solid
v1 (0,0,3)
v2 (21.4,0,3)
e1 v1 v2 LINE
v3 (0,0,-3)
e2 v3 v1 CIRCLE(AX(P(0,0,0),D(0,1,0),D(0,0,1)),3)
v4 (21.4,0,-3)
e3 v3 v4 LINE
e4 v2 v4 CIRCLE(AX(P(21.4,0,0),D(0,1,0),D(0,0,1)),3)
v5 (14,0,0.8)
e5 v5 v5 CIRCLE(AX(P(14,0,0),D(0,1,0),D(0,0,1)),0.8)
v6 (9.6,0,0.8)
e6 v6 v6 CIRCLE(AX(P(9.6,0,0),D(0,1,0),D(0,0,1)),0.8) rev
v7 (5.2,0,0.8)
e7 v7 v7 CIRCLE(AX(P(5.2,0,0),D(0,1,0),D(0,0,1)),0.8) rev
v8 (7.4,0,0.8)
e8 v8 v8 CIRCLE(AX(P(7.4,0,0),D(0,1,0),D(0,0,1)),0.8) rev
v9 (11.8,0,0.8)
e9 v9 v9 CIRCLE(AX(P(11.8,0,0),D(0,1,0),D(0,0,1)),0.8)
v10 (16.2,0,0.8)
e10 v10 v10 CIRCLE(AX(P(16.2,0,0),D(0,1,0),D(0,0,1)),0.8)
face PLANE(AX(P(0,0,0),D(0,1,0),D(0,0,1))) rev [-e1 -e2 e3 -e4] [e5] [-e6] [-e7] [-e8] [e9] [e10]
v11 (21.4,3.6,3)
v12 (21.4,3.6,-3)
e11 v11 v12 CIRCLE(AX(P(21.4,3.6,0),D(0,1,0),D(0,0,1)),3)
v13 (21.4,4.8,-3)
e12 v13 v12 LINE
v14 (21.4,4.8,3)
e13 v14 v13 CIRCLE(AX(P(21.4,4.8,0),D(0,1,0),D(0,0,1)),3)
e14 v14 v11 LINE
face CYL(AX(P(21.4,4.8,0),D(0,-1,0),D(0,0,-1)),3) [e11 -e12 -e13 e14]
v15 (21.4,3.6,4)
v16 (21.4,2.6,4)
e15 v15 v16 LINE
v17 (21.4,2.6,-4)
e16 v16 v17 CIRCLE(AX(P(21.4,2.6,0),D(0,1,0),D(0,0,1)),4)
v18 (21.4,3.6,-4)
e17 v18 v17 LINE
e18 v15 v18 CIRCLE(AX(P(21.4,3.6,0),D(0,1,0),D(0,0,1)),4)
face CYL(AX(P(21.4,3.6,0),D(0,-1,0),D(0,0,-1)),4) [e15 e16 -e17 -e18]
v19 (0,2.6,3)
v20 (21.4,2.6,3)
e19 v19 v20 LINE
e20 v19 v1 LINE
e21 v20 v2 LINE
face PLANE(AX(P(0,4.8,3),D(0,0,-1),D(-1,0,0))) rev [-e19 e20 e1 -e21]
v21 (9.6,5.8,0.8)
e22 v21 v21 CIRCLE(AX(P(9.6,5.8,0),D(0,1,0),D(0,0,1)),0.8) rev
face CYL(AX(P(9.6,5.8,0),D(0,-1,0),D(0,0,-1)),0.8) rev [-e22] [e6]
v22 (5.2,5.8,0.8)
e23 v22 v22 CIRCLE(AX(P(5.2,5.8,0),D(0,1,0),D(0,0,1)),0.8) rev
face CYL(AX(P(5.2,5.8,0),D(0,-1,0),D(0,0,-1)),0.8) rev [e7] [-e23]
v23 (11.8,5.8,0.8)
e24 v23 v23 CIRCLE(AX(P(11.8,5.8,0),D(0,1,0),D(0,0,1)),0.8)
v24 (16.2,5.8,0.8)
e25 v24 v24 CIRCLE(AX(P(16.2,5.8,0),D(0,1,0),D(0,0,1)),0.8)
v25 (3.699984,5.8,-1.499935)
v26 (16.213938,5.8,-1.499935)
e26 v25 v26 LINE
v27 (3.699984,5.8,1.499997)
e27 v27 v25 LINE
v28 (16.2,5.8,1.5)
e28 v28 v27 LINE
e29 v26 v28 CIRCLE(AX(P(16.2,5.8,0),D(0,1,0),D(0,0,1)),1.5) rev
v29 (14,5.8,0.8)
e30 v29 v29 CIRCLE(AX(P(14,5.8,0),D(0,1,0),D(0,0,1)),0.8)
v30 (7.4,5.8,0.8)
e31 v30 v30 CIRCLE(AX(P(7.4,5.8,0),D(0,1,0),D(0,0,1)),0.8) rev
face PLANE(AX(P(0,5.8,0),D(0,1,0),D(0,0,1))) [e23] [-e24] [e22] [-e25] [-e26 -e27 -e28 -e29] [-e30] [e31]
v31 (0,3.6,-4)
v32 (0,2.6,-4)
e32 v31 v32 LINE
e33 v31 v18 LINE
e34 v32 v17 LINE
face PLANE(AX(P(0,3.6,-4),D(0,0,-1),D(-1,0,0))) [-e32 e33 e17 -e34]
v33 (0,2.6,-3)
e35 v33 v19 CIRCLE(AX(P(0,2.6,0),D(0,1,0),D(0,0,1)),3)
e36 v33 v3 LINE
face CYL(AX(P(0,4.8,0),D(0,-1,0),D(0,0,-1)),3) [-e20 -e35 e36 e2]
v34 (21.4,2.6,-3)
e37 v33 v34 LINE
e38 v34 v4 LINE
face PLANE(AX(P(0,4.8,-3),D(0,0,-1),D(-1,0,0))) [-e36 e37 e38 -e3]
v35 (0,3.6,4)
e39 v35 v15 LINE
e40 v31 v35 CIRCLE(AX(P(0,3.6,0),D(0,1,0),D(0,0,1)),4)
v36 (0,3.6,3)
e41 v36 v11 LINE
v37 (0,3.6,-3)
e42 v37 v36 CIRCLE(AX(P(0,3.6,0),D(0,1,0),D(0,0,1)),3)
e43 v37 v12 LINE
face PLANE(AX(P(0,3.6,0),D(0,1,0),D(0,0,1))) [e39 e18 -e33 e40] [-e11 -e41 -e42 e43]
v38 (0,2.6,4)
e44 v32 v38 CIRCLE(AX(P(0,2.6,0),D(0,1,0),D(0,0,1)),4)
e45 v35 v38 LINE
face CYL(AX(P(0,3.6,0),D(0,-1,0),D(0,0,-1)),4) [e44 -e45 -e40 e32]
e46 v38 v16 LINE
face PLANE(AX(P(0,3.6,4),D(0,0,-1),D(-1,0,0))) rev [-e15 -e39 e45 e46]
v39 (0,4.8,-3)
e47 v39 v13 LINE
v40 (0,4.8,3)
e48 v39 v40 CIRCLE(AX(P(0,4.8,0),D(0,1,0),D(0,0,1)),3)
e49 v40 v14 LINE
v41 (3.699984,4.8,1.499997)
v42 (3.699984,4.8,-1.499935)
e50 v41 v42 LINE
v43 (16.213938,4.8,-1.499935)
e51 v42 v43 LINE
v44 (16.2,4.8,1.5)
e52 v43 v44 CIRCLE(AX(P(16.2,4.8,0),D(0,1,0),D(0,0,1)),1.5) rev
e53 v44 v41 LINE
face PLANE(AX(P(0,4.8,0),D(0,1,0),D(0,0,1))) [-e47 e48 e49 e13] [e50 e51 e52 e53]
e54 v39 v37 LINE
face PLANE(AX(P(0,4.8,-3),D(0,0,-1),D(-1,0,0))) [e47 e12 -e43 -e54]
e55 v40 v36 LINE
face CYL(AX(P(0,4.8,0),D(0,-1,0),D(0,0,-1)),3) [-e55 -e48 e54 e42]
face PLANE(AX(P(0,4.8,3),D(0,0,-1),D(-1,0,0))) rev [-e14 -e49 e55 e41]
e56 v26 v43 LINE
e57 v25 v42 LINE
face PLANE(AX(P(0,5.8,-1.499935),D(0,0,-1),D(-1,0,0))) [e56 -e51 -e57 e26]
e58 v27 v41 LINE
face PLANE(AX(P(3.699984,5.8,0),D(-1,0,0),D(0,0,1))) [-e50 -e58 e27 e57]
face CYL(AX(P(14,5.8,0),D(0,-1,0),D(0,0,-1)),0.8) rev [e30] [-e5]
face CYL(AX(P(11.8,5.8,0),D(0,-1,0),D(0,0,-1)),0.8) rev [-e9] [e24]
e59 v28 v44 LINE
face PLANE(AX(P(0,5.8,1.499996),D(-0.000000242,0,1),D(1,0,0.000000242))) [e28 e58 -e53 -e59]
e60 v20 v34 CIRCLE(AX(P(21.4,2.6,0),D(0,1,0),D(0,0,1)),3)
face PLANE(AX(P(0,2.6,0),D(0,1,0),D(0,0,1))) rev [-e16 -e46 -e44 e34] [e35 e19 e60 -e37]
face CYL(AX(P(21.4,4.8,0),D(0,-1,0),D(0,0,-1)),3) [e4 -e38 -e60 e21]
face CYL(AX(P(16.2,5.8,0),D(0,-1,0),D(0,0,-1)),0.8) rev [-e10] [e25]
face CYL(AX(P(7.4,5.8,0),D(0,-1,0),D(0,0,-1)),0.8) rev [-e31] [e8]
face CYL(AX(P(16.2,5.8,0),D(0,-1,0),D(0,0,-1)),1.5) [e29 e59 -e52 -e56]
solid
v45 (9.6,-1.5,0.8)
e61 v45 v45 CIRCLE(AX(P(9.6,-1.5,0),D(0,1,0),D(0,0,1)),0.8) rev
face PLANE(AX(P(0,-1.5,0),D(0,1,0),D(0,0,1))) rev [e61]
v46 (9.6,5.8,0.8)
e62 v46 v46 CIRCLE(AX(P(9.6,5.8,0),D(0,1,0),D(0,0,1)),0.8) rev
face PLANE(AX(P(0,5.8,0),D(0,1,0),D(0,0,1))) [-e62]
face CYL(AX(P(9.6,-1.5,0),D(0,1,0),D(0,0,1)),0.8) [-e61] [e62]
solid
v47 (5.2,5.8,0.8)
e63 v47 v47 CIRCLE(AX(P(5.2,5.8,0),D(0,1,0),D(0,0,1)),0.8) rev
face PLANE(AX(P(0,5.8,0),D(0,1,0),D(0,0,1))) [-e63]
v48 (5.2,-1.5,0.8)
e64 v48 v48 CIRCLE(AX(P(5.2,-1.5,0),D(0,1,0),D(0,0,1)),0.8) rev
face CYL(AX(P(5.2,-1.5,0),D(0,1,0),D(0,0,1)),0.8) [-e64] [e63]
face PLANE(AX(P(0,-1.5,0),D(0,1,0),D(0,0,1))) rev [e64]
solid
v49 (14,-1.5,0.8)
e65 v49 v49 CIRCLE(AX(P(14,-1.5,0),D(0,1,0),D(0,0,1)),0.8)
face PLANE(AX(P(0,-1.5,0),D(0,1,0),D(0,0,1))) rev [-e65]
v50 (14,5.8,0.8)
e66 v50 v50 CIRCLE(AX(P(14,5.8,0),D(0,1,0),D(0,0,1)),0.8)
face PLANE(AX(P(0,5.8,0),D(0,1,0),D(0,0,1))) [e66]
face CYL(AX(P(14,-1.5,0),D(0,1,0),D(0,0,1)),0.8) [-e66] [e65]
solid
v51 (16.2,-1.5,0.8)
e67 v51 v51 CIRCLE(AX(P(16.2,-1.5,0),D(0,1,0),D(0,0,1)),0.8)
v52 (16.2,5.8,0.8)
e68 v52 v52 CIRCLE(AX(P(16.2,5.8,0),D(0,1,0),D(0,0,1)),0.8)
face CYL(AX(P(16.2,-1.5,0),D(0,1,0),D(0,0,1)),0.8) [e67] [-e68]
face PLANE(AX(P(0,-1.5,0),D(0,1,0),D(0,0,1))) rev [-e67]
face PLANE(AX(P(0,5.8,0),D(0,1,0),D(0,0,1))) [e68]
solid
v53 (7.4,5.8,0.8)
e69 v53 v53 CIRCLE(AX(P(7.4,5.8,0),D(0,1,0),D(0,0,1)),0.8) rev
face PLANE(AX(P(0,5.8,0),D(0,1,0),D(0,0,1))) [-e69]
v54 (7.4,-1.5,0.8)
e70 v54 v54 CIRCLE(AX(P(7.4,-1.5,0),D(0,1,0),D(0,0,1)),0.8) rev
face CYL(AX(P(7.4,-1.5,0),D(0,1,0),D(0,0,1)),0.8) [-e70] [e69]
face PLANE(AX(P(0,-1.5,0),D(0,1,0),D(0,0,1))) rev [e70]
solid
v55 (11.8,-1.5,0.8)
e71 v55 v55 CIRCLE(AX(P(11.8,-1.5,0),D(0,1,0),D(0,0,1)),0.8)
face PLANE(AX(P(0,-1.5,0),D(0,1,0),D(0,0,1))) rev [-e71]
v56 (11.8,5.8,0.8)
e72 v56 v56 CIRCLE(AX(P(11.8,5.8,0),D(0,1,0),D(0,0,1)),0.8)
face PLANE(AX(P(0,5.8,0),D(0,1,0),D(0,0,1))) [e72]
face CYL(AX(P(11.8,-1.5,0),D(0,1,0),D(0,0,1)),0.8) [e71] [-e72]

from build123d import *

# Parameters (mm, degrees)
BOSS_EXTRUDE1_DEPTH        = 4.8
SKETCH1_3_R                = 0.8
BOSS_EXTRUDE2_DEPTH        = 5.8
BOSS_EXTRUDE3_START        = 2.6
BOSS_EXTRUDE3_DEPTH        = 1
BOSS_EXTRUDE4_DEPTH        = 5.8
BOSS_EXTRUDE4_DEPTH_BACK   = 1.5
SKETCH1_5_R                = 0.8
BOSS_EXTRUDE4_2_DEPTH      = 5.8
BOSS_EXTRUDE4_2_DEPTH_BACK = 1.5
BOSS_EXTRUDE4_3_DEPTH      = 5.8
BOSS_EXTRUDE4_3_DEPTH_BACK = 1.5
BOSS_EXTRUDE4_4_DEPTH      = 5.8
BOSS_EXTRUDE4_4_DEPTH_BACK = 1.5
BOSS_EXTRUDE4_5_DEPTH      = 5.8
BOSS_EXTRUDE4_5_DEPTH_BACK = 1.5
BOSS_EXTRUDE4_6_DEPTH      = 5.8
BOSS_EXTRUDE4_6_DEPTH_BACK = 1.5


with BuildPart() as part:
    # Sketch1 → Boss-Extrude1 (new body)
    with BuildSketch(Plane(origin=(0, 0, 0), x_dir=(1, 0, 0), z_dir=(0, 1, 0))):
        with BuildLine():
            Line((21.4, 3), (0, 3))
            ThreePointArc((0, 3), (-3, 0), (0, -3))
            Line((0, -3), (21.4, -3))
            ThreePointArc((21.4, -3), (24.4, 0), (21.4, 3))
        make_face()
        with BuildLine():
            ThreePointArc((16.213938129, 1.499935241), (17.699983809, -0.006969321), (16.199999637, -1.5))
            Line((16.199999637, -1.5), (3.699983809, -1.499996975))
            Line((3.699983809, -1.499996975), (3.699983809, 1.499935241))
            Line((3.699983809, 1.499935241), (16.213938129, 1.499935241))
        make_face(mode=Mode.SUBTRACT)
    extrude(amount=BOSS_EXTRUDE1_DEPTH)

    # Sketch1<3> → Boss-Extrude2 (add)
    with BuildSketch(Plane(origin=(0, 0, 0), x_dir=(1, 0, 0), z_dir=(0, 1, 0))):
        with BuildLine():
            Line((3.699983809, -1.499996975), (16.199999637, -1.5))
            ThreePointArc((16.199999637, -1.5), (17.699983809, -0.006969321), (16.213938129, 1.499935241))
            Line((16.213938129, 1.499935241), (3.699983809, 1.499935241))
            Line((3.699983809, 1.499935241), (3.699983809, -1.499996975))
        make_face()
        with Locations((5.2, 0)):
            Circle(SKETCH1_3_R, mode=Mode.SUBTRACT)
        with Locations((7.4, 0)):
            Circle(SKETCH1_3_R, mode=Mode.SUBTRACT)
        with Locations((9.6, 0)):
            Circle(SKETCH1_3_R, mode=Mode.SUBTRACT)
        with Locations((11.8, 0)):
            Circle(SKETCH1_3_R, mode=Mode.SUBTRACT)
        with Locations((14, 0)):
            Circle(SKETCH1_3_R, mode=Mode.SUBTRACT)
        with Locations((16.2, 0)):
            Circle(SKETCH1_3_R, mode=Mode.SUBTRACT)
    extrude(amount=BOSS_EXTRUDE2_DEPTH)

    # Sketch1<4> → Boss-Extrude3 (add)
    with BuildSketch(Plane(origin=(0, 0, 0), x_dir=(1, 0, 0), z_dir=(0, 1, 0)).offset(BOSS_EXTRUDE3_START)):
        with BuildLine():
            Line((21.4, 4), (0, 4))
            ThreePointArc((0, 4), (-4, 0), (0, -4))
            Line((0, -4), (21.4, -4))
            ThreePointArc((21.4, -4), (25.4, 0), (21.4, 4))
        make_face()
        with BuildLine():
            ThreePointArc((0, -3), (-3, 0), (0, 3))
            Line((0, 3), (21.4, 3))
            ThreePointArc((21.4, 3), (24.4, 0), (21.4, -3))
            Line((21.4, -3), (0, -3))
        make_face(mode=Mode.SUBTRACT)
    extrude(amount=BOSS_EXTRUDE3_DEPTH)


with BuildPart() as body_2:
    # Sketch1<5> → Boss-Extrude4 (new, two sides: drawn at the far end of the back side and taken through both)
    with BuildSketch(Plane(origin=(0, 0, 0), x_dir=(1, 0, 0), z_dir=(0, 1, 0)).offset(-BOSS_EXTRUDE4_DEPTH_BACK)):
        with Locations((11.8, 0)):
            Circle(SKETCH1_5_R)
    extrude(amount=BOSS_EXTRUDE4_DEPTH + BOSS_EXTRUDE4_DEPTH_BACK)


with BuildPart() as body_3:
    # Sketch1<5> → Boss-Extrude4 2 (new, two sides: drawn at the far end of the back side and taken through both)
    with BuildSketch(Plane(origin=(0, 0, 0), x_dir=(1, 0, 0), z_dir=(0, 1, 0)).offset(-BOSS_EXTRUDE4_2_DEPTH_BACK)):
        with Locations((14, 0)):
            Circle(SKETCH1_5_R)
    extrude(amount=BOSS_EXTRUDE4_2_DEPTH + BOSS_EXTRUDE4_2_DEPTH_BACK)


with BuildPart() as body_4:
    # Sketch1<5> → Boss-Extrude4 3 (new, two sides: drawn at the far end of the back side and taken through both)
    with BuildSketch(Plane(origin=(0, 0, 0), x_dir=(1, 0, 0), z_dir=(0, 1, 0)).offset(-BOSS_EXTRUDE4_3_DEPTH_BACK)):
        with Locations((16.2, 0)):
            Circle(SKETCH1_5_R)
    extrude(amount=BOSS_EXTRUDE4_3_DEPTH + BOSS_EXTRUDE4_3_DEPTH_BACK)


with BuildPart() as body_5:
    # Sketch1<5> → Boss-Extrude4 4 (new, two sides: drawn at the far end of the back side and taken through both)
    with BuildSketch(Plane(origin=(0, 0, 0), x_dir=(1, 0, 0), z_dir=(0, 1, 0)).offset(-BOSS_EXTRUDE4_4_DEPTH_BACK)):
        with Locations((5.2, 0)):
            Circle(SKETCH1_5_R)
    extrude(amount=BOSS_EXTRUDE4_4_DEPTH + BOSS_EXTRUDE4_4_DEPTH_BACK)


with BuildPart() as body_6:
    # Sketch1<5> → Boss-Extrude4 5 (new, two sides: drawn at the far end of the back side and taken through both)
    with BuildSketch(Plane(origin=(0, 0, 0), x_dir=(1, 0, 0), z_dir=(0, 1, 0)).offset(-BOSS_EXTRUDE4_5_DEPTH_BACK)):
        with Locations((7.4, 0)):
            Circle(SKETCH1_5_R)
    extrude(amount=BOSS_EXTRUDE4_5_DEPTH + BOSS_EXTRUDE4_5_DEPTH_BACK)


with BuildPart() as body_7:
    # Sketch1<5> → Boss-Extrude4 6 (new, two sides: drawn at the far end of the back side and taken through both)
    with BuildSketch(Plane(origin=(0, 0, 0), x_dir=(1, 0, 0), z_dir=(0, 1, 0)).offset(-BOSS_EXTRUDE4_6_DEPTH_BACK)):
        with Locations((9.6, 0)):
            Circle(SKETCH1_5_R)
    extrude(amount=BOSS_EXTRUDE4_6_DEPTH + BOSS_EXTRUDE4_6_DEPTH_BACK)


solid = Compound([part.part, body_2.part, body_3.part, body_4.part, body_5.part, body_6.part, body_7.part])
